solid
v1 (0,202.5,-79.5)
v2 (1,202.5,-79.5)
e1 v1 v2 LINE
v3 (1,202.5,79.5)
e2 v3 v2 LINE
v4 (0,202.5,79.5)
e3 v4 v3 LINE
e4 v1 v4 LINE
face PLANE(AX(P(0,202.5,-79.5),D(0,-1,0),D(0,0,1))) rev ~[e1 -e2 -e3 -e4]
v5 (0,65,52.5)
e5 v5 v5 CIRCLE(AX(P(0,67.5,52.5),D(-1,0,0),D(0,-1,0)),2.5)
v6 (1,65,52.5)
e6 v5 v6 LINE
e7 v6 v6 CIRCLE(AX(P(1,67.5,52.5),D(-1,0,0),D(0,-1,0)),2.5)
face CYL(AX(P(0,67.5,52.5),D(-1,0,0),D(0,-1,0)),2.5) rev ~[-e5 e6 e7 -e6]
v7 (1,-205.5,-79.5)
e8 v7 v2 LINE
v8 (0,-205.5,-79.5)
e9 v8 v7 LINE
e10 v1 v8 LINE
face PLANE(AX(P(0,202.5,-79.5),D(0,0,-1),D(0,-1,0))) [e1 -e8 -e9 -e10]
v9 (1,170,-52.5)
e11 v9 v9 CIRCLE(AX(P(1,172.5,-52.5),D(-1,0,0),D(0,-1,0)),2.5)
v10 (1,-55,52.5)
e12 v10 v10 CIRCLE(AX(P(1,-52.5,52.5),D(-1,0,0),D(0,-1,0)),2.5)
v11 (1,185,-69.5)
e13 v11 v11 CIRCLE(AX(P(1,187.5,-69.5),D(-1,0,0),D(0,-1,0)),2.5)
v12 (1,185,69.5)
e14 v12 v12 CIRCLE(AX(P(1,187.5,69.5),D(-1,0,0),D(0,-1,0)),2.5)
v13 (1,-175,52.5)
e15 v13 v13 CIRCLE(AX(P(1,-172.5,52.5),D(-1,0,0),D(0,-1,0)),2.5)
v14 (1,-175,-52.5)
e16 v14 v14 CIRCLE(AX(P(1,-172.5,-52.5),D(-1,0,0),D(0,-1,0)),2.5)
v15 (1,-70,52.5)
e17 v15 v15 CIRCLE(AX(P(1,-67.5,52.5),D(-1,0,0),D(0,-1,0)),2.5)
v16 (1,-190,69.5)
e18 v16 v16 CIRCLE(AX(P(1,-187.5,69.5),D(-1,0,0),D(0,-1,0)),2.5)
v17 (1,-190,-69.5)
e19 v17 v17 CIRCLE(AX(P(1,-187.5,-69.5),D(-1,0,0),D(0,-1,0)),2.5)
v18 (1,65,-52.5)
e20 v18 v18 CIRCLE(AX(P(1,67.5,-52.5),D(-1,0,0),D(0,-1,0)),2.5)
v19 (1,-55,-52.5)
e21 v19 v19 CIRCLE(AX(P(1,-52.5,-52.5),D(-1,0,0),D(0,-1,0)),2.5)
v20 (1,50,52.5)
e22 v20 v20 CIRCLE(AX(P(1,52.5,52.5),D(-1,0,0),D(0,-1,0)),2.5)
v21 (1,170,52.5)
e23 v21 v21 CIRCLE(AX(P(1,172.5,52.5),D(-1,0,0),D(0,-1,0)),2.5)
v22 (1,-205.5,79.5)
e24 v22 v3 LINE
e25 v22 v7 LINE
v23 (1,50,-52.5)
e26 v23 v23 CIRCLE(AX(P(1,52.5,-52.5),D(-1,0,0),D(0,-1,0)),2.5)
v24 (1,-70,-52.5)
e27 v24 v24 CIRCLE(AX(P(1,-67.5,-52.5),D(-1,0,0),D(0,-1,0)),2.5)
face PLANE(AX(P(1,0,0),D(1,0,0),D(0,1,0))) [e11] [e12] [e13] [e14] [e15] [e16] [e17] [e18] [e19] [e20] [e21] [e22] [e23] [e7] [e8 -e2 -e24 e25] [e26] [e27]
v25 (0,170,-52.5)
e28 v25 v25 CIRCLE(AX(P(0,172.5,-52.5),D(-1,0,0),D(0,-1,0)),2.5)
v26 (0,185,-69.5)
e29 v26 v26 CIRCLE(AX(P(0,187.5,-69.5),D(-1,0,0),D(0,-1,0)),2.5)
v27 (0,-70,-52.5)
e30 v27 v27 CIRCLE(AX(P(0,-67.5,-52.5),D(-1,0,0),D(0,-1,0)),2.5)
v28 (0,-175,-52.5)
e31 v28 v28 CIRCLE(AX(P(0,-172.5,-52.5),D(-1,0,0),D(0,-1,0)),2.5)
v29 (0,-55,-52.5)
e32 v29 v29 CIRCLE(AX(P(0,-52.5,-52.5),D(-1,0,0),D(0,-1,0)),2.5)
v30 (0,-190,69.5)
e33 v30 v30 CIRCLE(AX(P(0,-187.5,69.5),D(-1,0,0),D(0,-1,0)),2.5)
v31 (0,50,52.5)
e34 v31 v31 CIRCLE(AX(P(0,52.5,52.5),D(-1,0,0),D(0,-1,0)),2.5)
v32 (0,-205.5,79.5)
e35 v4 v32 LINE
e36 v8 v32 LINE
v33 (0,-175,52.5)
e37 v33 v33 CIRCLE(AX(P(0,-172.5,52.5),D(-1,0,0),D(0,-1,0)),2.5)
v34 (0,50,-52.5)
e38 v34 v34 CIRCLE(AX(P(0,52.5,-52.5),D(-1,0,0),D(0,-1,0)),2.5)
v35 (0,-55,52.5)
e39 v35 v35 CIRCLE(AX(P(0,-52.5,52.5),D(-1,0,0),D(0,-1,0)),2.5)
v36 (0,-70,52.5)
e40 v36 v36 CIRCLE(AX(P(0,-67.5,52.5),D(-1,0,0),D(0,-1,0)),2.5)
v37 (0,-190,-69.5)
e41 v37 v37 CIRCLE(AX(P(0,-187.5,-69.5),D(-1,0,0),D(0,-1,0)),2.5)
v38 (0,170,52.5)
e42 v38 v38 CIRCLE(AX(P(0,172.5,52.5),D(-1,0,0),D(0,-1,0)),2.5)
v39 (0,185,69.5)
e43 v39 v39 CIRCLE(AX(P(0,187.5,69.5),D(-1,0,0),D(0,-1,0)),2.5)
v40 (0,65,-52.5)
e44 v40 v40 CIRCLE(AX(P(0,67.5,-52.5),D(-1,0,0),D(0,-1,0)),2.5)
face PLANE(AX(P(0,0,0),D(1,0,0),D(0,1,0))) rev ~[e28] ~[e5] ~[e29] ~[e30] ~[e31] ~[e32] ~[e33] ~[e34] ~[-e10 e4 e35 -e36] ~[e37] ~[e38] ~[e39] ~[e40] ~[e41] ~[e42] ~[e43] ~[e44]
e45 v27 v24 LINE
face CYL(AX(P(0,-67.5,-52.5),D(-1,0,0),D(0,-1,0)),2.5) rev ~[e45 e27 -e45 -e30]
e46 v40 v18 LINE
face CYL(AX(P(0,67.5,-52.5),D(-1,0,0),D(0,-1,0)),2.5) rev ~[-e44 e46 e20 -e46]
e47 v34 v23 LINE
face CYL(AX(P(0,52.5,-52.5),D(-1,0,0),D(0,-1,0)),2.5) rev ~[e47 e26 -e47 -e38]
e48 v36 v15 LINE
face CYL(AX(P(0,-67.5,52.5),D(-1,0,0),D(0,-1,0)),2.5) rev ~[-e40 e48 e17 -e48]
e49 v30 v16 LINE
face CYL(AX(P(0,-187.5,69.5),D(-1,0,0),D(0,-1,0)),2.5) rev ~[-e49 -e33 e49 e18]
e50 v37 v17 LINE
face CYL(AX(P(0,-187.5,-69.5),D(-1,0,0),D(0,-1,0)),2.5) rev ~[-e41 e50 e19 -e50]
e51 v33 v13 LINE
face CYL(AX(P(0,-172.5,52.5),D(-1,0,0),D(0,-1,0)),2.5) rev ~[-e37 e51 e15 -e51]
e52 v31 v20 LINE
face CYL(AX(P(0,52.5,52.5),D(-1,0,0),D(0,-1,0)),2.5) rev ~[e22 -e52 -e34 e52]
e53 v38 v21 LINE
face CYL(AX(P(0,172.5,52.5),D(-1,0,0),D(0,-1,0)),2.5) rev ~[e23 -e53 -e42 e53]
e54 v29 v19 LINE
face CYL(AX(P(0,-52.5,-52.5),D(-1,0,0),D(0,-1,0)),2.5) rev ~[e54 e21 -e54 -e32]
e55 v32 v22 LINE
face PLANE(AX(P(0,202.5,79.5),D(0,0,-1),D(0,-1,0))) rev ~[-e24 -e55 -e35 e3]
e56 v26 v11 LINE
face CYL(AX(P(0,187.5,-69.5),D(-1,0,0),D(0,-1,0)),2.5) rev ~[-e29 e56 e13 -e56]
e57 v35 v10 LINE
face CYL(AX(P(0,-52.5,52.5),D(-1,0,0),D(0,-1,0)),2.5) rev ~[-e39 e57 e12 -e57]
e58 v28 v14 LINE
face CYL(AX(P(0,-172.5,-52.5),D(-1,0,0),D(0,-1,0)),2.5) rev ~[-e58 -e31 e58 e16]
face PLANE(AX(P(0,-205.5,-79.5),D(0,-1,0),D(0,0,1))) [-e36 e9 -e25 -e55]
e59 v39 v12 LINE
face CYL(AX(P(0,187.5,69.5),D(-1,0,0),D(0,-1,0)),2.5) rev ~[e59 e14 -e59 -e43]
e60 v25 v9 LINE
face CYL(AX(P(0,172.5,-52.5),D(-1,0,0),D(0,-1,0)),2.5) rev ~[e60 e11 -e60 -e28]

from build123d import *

# Parameters (mm, degrees)
F0_W      = 415
F0_H      = 169
F1_DEPTH  = 24
F2_W      = 413
F2_H      = 167
F3_DEPTH  = 23
F5_DEPTH  = 415.001
F6_R      = 1.5
F7_DEPTH  = 415.001
F8_R      = 2.5
F9_DEPTH  = 1
F10_W     = 408
F10_H     = 159
F11_DEPTH = 24.001
F12_R     = 2.5
F13_DEPTH = 1


with BuildPart() as f1:
    # F0 (on Right) → F1 (new body)
    with BuildSketch(Plane.YZ):
        Rectangle(F0_W, F0_H)
    extrude(amount=F1_DEPTH)

    # F2 (on face) → F3 (cut)
    with BuildSketch(Plane.YZ.offset(24)):
        Rectangle(F2_W, F2_H)
    extrude(amount=-F3_DEPTH, mode=Mode.SUBTRACT)

    # F4 (on face) → F5 (cut, through all)
    with BuildSketch(Plane.XZ.offset(207.5)):
        with BuildLine():
            Line((8, -83.5), (24, -83.5))
            Line((24, -83.5), (24, -75.5))
            Line((24, -75.5), (19.5, -77.5))
            Line((19.5, -77.5), (18, -76.5))
            Line((18, -76.5), (18, -64.5))
            ThreePointArc((18, -64.5), (13, -59.5), (8, -64.5))
            Line((8, -64.5), (8, -83.5))
        make_face()
        with BuildLine():
            Line((18, 64.5), (18, 76.5))
            Line((18, 76.5), (19.5, 77.5))
            Line((19.5, 77.5), (24, 75.5))
            Line((24, 75.5), (24, 83.5))
            Line((24, 83.5), (8, 83.5))
            Line((8, 83.5), (8, 64.5))
            ThreePointArc((8, 64.5), (13, 59.5), (18, 64.5))
        make_face()
    extrude(amount=-F5_DEPTH, mode=Mode.SUBTRACT)

    # F6 (on face) → F7 (cut, through all)
    with BuildSketch(Plane.XZ.offset(207.5)):
        with Locations((12.5, 50.5)):
            Circle(F6_R)
    extrude(amount=-F7_DEPTH, mode=Mode.SUBTRACT)

    # F8 (on face) → F9 (cut, through all)
    with BuildSketch(Plane(origin=(0, 0, 0), x_dir=(0, -1, 0), z_dir=(-1, 0, 0))):
        with Locations((-172.5, 52.5)):
            Circle(F8_R)
        with Locations((-67.5, 52.5)):
            Circle(F8_R)
        with Locations((-52.5, 52.5)):
            Circle(F8_R)
        with Locations((-67.5, -52.5)):
            Circle(F8_R)
        with Locations((-172.5, -52.5)):
            Circle(F8_R)
        with Locations((-52.5, -52.5)):
            Circle(F8_R)
        with Locations((67.5, -52.5)):
            Circle(F8_R)
        with Locations((52.5, 52.5)):
            Circle(F8_R)
        with Locations((67.5, 52.5)):
            Circle(F8_R)
        with Locations((172.5, 52.5)):
            Circle(F8_R)
        with Locations((172.5, -52.5)):
            Circle(F8_R)
        with Locations((52.5, -52.5)):
            Circle(F8_R)
    extrude(amount=-F9_DEPTH, mode=Mode.SUBTRACT)

    # F10 (on face) → F11 (cut, through all)
    with BuildSketch(Plane(origin=(0, 0, 0), x_dir=(0, -1, 0), z_dir=(-1, 0, 0))):
        Polygon((207.5, 84.5), (-207.5, 84.5), (-207.5, 79.5), (-207.5, -79.5), (-207.5, -84.5), (207.5, -84.5), (207.5, -79.5), (207.5, 79.5), align=None)
        with Locations((1.5, 0)):
            Rectangle(F10_W, F10_H, mode=Mode.SUBTRACT)
    extrude(amount=-F11_DEPTH, mode=Mode.SUBTRACT)

    # F12 (on face) → F13 (cut, through all)
    with BuildSketch(Plane(origin=(0, 0, 0), x_dir=(0, -1, 0), z_dir=(-1, 0, 0))):
        with Locations((-187.5, 69.5)):
            Circle(F12_R)
        with Locations((-187.5, -69.5)):
            Circle(F12_R)
        with Locations((187.5, 69.5)):
            Circle(F12_R)
        with Locations((187.5, -69.5)):
            Circle(F12_R)
    extrude(amount=-F13_DEPTH, mode=Mode.SUBTRACT)


solid = f1.part
